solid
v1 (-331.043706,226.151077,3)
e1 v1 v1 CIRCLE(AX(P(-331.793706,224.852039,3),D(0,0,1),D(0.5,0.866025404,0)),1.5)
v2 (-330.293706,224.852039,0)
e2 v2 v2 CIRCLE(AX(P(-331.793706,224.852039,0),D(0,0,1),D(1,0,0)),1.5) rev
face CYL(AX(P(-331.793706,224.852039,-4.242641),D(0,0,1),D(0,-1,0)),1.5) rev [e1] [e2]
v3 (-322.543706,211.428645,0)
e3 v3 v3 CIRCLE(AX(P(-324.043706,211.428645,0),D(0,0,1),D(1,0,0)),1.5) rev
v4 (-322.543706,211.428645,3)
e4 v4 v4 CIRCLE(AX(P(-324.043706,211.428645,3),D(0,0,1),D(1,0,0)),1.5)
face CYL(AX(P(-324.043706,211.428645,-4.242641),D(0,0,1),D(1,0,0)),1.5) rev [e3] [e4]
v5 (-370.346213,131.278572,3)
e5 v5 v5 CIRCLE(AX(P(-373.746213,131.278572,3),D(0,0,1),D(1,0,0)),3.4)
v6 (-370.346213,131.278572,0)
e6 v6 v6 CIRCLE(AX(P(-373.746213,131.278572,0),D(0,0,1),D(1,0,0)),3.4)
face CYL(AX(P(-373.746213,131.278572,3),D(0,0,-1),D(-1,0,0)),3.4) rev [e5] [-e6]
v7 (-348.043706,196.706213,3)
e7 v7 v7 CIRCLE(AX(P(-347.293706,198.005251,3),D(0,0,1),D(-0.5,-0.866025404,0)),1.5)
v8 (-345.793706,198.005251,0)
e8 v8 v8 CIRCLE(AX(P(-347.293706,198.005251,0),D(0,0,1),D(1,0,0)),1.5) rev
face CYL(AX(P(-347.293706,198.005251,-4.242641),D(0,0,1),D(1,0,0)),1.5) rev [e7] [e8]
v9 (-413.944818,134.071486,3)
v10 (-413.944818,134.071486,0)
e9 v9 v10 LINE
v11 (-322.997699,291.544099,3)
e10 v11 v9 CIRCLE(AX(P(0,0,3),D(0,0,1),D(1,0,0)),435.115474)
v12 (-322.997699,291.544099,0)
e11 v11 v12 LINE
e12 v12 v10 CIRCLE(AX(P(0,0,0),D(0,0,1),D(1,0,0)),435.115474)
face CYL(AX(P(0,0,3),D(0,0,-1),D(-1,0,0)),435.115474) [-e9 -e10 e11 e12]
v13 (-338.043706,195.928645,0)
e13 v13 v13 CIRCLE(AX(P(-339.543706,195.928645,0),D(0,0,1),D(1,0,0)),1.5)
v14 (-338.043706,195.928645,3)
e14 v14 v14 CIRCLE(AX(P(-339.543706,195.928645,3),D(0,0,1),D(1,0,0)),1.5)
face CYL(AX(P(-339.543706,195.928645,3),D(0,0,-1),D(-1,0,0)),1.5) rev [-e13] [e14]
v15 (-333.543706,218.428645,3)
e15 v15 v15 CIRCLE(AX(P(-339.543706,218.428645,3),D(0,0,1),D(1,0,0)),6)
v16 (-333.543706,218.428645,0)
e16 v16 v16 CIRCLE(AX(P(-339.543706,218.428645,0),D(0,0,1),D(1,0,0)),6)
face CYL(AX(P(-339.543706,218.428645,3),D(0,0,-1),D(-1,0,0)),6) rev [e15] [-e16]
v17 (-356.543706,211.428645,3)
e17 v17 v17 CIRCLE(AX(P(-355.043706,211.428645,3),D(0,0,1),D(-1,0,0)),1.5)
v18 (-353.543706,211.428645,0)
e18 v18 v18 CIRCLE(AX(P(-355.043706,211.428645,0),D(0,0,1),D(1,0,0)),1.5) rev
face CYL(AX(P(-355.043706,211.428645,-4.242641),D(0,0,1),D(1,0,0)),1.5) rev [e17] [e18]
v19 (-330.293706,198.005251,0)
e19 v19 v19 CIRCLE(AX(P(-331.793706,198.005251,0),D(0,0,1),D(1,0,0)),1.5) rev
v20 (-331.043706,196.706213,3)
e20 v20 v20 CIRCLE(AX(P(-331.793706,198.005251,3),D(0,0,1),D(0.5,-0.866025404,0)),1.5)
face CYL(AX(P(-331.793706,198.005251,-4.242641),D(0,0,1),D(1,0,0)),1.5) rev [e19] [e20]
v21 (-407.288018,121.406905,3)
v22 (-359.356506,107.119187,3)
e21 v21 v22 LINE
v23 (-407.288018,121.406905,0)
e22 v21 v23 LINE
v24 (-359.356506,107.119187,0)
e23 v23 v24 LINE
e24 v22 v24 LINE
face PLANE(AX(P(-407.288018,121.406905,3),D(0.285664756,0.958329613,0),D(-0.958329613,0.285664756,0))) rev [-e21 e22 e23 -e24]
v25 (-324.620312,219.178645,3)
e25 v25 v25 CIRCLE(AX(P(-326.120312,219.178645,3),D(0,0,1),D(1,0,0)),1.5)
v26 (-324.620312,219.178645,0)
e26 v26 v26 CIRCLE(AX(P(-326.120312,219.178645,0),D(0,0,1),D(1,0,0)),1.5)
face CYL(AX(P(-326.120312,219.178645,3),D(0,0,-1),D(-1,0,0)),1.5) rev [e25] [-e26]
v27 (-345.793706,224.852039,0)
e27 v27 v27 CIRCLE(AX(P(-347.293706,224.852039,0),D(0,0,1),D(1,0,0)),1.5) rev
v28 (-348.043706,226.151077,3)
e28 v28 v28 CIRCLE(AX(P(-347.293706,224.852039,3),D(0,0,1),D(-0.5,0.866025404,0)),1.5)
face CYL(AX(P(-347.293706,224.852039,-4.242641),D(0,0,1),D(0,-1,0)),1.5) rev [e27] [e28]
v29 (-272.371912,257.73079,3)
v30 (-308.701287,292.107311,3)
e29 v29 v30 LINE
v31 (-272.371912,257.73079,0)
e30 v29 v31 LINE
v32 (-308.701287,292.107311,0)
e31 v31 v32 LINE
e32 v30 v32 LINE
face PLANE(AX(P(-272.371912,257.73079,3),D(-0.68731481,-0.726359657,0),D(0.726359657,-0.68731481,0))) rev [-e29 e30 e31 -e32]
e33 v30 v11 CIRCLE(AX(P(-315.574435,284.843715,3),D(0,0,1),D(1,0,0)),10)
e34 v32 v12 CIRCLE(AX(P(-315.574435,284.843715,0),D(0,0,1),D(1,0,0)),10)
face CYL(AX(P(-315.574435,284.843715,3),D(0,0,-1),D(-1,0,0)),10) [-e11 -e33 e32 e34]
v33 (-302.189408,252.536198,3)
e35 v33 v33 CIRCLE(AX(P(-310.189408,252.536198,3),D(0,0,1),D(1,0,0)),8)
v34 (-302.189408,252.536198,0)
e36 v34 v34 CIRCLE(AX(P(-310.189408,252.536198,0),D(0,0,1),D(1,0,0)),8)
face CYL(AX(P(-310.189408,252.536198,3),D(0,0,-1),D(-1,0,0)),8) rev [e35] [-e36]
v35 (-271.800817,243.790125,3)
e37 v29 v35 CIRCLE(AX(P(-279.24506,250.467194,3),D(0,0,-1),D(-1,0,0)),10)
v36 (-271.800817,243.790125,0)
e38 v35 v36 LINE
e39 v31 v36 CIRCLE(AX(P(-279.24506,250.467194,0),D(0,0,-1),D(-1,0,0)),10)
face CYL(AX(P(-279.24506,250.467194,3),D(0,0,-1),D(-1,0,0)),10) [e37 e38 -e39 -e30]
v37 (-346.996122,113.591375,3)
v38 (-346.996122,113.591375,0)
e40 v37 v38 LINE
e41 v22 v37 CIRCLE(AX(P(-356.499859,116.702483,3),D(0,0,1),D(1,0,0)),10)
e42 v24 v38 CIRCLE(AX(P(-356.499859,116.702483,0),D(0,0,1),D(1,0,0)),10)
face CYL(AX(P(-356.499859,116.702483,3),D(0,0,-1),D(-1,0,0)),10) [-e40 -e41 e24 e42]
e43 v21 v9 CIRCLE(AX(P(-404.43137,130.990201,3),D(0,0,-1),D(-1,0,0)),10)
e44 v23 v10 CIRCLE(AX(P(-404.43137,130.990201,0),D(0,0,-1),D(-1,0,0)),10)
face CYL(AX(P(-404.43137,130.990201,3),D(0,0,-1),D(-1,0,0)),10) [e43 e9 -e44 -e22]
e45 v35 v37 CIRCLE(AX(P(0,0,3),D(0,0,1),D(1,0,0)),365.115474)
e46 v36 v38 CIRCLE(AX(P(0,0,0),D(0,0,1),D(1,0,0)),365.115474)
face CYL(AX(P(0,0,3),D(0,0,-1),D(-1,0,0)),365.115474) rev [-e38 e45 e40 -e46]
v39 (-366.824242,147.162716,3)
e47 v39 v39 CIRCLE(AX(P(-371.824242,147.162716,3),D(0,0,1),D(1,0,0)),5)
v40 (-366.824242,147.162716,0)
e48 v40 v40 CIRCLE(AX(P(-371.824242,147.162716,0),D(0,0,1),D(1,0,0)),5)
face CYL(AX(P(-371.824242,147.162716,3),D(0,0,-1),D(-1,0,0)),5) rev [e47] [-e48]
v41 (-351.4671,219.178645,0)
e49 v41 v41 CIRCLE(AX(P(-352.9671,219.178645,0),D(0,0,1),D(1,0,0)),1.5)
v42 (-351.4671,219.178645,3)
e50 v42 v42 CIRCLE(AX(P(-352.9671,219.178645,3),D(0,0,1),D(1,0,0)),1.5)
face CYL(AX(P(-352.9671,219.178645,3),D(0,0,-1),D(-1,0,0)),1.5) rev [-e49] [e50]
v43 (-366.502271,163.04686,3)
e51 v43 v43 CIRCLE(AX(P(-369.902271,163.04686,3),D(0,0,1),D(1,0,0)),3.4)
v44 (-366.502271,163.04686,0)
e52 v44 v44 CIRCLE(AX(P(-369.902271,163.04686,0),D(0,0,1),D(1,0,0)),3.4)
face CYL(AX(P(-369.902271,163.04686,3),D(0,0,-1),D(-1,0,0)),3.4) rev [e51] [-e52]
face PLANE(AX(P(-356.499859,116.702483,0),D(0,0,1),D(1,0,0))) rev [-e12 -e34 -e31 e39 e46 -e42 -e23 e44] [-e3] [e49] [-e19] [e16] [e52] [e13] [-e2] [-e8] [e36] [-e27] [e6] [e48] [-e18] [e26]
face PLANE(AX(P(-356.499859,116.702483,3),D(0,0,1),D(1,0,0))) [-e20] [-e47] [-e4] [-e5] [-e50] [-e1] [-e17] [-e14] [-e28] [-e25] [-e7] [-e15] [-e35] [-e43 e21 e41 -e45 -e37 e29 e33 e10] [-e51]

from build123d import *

# Parameters (mm, degrees)
SKETCH1_R           = 3.4
SKETCH1_R_2         = 5
SKETCH1_R_3         = 8
SKETCH1_R_4         = 1.5
SKETCH1_R_5         = 6
BOSS_EXTRUDE1_DEPTH = 3
SKETCH4_R           = 1.5
CUT_EXTRUDE1_DEPTH  = 3
CIRPATTERN1_COUNT   = 6


with BuildPart() as part:
    # Sketch1 → Boss-Extrude1 (new body)
    with BuildSketch(Plane.XY):
        with BuildLine():
            ThreePointArc((-271.800817077, 243.790124811), (-269.253440252, 250.876511464), (-272.371911597, 257.730790488))
            Line((-272.371911597, 257.730790488), (-308.701287129, 292.107311249))
            ThreePointArc((-308.701287129, 292.107311249), (-315.968083296, 294.835963731), (-322.997699137, 291.544099213))
            ThreePointArc((-322.997699137, 291.544099213), (-376.789694918, 217.612042952), (-413.944817586, 134.07148626))
            ThreePointArc((-413.944817586, 134.07148626), (-413.283077207, 126.337537039), (-407.288017737, 121.406904946))
            Line((-407.288017737, 121.406904946), (-359.356506069, 107.119186605))
            ThreePointArc((-359.356506069, 107.119186605), (-351.861081548, 107.843490223), (-346.996122098, 113.591374532))
            ThreePointArc((-346.996122098, 113.591374532), (-316.172961568, 182.603306357), (-271.800817077, 243.790124811))
        make_face()
        with Locations((-373.746213466, 131.27857223)):
            Circle(SKETCH1_R, mode=Mode.SUBTRACT)
        with Locations((-371.824242114, 147.162716089)):
            Circle(SKETCH1_R_2, mode=Mode.SUBTRACT)
        with Locations((-369.902270762, 163.046859947)):
            Circle(SKETCH1_R, mode=Mode.SUBTRACT)
        with Locations((-310.189407893, 252.536198061)):
            Circle(SKETCH1_R_3, mode=Mode.SUBTRACT)
        with Locations((-326.120312176, 219.178644843)):
            Circle(SKETCH1_R_4, mode=Mode.SUBTRACT)
        with Locations((-339.543705934, 195.928644843)):
            Circle(SKETCH1_R_4, mode=Mode.SUBTRACT)
        with Locations((-352.967099693, 219.178644843)):
            Circle(SKETCH1_R_4, mode=Mode.SUBTRACT)
        with Locations((-339.543705934, 218.428644843)):
            Circle(SKETCH1_R_5, mode=Mode.SUBTRACT)
    extrude(amount=BOSS_EXTRUDE1_DEPTH)

    # Sketch4 → Cut-Extrude1 (cut)
    with BuildSketch(Plane.XY.offset(3)):
        with Locations((-324.043705934, 211.428644843)):
            Circle(SKETCH4_R)
    cut_extrude1 = extrude(amount=-CUT_EXTRUDE1_DEPTH, mode=Mode.SUBTRACT)

    # CirPattern1: Cut-Extrude1 ×6 about axis
    cirpattern1_axis = Axis((-339.543705934, 211.428644843, 0), (0, 0, 1))
    for i in range(1, CIRPATTERN1_COUNT):
        add(cut_extrude1.rotate(cirpattern1_axis, i * 360 / CIRPATTERN1_COUNT), mode=Mode.SUBTRACT)


solid = part.part
